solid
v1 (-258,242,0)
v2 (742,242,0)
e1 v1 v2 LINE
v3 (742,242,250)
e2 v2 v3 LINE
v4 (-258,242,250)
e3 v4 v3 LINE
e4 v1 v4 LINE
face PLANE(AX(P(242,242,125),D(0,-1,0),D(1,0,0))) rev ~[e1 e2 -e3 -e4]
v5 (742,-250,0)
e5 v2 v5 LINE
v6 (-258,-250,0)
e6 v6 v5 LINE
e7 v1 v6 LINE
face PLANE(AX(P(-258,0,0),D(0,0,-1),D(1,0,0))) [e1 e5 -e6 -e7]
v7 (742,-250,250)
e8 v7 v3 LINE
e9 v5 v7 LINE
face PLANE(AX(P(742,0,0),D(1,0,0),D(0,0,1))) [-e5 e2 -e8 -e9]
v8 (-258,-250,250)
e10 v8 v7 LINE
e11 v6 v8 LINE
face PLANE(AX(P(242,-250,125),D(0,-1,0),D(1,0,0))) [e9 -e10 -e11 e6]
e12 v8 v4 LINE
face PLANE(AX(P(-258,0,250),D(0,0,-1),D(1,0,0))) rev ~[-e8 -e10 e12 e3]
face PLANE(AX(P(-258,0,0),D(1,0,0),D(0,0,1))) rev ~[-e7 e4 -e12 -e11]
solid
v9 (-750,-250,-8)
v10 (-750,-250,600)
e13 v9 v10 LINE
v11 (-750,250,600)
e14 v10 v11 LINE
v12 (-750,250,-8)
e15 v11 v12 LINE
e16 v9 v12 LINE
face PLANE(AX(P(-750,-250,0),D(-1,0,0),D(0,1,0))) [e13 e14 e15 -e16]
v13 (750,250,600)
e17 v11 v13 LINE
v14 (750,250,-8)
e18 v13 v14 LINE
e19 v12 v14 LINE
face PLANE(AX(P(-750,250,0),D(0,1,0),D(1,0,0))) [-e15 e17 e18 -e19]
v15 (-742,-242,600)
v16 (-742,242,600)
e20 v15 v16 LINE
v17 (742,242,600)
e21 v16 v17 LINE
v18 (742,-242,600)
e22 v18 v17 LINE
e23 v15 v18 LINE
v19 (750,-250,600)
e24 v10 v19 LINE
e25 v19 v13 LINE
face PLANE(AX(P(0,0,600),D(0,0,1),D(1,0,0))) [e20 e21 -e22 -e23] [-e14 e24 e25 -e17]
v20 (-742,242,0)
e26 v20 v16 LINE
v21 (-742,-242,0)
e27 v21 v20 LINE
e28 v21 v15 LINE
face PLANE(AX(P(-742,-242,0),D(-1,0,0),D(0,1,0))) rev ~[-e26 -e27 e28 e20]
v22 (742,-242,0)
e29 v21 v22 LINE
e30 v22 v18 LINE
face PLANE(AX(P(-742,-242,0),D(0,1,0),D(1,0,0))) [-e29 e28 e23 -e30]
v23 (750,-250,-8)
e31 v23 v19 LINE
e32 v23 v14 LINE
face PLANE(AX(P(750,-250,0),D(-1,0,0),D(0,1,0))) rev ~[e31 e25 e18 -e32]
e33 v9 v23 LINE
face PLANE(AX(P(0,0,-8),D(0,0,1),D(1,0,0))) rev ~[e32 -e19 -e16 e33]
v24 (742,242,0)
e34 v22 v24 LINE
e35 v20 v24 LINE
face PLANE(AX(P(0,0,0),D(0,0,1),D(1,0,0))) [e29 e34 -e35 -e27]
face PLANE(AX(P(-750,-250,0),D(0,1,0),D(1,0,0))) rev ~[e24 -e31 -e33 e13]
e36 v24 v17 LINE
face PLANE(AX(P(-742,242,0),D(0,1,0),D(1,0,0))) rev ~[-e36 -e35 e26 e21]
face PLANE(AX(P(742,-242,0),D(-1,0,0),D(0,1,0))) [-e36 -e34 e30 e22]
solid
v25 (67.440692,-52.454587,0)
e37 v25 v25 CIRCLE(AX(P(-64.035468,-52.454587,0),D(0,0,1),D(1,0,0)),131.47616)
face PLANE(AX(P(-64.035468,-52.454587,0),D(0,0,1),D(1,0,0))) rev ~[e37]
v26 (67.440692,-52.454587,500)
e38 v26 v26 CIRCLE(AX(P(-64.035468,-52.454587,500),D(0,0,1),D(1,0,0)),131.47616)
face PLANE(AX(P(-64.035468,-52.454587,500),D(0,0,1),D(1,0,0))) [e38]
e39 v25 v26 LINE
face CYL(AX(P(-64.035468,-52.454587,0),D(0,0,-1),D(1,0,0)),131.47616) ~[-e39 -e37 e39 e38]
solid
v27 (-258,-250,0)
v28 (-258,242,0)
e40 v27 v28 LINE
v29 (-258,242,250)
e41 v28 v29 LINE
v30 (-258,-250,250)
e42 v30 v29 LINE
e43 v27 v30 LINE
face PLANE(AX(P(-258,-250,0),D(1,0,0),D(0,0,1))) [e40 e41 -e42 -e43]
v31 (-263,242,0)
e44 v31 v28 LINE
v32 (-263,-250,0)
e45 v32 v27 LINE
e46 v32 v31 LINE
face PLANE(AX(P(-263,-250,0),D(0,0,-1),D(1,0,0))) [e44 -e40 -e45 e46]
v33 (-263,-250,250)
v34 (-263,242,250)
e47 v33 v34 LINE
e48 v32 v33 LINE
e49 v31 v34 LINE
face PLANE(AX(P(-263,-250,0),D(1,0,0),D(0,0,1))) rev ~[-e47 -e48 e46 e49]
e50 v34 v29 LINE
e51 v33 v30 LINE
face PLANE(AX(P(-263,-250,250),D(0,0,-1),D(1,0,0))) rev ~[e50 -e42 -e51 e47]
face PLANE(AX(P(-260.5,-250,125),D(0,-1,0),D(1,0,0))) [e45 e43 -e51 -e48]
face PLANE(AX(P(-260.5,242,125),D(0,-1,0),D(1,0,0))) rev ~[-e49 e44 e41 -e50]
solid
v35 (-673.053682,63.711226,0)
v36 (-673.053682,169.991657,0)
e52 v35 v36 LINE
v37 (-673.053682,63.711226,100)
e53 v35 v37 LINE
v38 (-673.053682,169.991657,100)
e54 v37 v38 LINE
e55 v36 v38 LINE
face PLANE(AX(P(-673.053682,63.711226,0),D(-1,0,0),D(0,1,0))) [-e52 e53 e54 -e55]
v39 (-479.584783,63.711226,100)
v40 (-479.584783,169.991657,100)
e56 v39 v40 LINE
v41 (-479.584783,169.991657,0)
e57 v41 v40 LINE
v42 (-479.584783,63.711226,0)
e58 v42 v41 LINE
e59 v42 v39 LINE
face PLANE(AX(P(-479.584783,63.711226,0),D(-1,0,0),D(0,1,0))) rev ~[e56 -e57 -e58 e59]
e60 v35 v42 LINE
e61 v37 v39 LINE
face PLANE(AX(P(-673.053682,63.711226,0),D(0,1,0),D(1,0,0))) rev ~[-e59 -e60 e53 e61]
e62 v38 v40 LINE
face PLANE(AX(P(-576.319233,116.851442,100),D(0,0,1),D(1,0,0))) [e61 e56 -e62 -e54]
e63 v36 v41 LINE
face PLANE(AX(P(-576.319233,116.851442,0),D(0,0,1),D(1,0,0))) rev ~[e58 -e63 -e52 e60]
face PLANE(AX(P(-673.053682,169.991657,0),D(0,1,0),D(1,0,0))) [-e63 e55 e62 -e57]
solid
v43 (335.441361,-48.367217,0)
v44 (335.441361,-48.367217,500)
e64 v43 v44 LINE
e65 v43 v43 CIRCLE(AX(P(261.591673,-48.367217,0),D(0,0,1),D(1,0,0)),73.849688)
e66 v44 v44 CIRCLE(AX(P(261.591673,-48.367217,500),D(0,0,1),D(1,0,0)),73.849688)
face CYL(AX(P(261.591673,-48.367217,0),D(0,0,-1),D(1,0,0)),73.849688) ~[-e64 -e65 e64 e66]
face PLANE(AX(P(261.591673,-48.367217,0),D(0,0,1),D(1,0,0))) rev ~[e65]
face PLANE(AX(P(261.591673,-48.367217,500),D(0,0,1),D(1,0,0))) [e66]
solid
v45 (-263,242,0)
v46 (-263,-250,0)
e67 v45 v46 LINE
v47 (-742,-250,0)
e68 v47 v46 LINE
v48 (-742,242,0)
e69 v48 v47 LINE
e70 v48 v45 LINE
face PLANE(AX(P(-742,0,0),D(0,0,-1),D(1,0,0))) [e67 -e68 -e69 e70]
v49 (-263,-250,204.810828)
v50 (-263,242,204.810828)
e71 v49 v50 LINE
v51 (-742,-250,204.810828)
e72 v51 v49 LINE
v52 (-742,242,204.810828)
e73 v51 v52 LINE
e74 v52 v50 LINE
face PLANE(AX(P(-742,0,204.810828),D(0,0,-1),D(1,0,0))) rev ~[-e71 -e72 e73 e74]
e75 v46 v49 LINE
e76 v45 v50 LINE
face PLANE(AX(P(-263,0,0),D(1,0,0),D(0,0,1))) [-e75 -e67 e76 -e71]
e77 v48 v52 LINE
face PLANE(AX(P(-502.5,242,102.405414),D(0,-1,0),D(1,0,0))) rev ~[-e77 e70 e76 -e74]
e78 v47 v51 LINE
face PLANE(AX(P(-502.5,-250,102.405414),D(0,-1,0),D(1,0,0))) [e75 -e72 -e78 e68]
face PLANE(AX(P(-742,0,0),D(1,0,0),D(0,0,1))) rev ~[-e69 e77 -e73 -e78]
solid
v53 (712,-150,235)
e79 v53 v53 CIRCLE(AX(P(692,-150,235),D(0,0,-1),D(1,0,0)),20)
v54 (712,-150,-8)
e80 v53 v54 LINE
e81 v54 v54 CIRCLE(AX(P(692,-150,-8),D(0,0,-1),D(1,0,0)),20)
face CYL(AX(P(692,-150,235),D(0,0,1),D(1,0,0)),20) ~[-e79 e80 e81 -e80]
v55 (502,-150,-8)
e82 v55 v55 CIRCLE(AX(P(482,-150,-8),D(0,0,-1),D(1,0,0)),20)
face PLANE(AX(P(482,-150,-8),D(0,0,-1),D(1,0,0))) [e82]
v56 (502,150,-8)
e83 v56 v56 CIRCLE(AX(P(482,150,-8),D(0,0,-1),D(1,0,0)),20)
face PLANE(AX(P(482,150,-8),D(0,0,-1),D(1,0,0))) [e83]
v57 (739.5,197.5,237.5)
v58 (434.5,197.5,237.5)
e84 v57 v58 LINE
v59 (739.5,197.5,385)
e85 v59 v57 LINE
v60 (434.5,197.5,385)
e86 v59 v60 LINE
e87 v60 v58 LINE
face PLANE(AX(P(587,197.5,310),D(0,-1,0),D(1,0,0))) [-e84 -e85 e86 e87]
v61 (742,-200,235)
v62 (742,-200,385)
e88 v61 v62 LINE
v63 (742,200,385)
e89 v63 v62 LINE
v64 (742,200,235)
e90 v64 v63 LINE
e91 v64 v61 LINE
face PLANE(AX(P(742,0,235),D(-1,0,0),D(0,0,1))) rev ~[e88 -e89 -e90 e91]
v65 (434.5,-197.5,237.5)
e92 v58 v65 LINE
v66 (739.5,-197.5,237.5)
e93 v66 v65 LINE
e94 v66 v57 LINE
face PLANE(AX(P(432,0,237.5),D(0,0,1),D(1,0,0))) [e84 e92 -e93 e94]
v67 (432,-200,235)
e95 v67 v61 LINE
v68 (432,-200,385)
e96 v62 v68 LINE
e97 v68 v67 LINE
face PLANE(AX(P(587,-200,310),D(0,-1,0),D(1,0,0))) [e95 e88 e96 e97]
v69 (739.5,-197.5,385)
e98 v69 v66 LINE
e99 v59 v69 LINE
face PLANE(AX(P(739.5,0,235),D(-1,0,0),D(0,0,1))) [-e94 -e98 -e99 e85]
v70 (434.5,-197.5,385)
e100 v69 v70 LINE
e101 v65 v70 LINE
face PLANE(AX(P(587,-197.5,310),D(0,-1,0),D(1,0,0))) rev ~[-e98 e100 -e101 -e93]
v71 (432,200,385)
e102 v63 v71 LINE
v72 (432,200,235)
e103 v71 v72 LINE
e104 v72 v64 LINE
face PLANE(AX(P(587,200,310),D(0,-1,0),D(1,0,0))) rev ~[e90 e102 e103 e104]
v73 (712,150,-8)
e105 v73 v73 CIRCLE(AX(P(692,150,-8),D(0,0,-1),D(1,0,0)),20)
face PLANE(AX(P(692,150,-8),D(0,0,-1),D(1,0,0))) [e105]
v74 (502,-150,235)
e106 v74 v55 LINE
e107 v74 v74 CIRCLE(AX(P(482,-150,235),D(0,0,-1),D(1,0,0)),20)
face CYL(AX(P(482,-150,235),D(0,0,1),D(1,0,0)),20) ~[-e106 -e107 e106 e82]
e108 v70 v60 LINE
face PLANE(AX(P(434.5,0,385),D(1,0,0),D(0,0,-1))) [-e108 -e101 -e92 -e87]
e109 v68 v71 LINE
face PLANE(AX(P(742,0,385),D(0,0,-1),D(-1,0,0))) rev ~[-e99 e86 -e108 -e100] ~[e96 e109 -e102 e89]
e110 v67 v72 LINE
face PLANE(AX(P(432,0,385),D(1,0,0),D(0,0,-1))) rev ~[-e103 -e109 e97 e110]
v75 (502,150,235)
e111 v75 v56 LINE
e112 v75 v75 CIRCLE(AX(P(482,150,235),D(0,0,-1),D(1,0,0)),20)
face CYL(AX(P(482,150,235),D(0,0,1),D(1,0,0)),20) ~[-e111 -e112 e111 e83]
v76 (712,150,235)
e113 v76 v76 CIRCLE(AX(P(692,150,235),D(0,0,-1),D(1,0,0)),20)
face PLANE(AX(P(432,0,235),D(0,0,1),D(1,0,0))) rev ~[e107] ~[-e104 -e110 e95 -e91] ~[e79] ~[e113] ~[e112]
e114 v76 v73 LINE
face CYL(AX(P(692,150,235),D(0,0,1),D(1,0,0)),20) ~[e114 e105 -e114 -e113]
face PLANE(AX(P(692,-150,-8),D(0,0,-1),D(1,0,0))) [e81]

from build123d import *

# Parameters (mm, degrees)
F0_W           = 1500
F0_H           = 500
F0_W_2         = 1484
F0_H_2         = 484
F1_DEPTH       = 8
F2_DEPTH       = 600
F4_W           = 5
F4_H           = 250
F5_DEPTH       = 492
F7_DEPTH       = 200
F7_DEPTH_BACK  = 200
F8_T           = -2.5
F9_R           = 131.4761602714
F10_DEPTH      = 500
F9_R_2         = 73.8496876532
F11_W          = 193.4688985348
F11_H          = 106.2804311514
F12_DEPTH      = 100
F13_R          = 20
F14_DEPTH      = 243
F15_W          = 1000
F15_H          = 250
F16_DEPTH      = 250
F16_DEPTH_BACK = 242
F15_W_2        = 479
F15_H_2        = 204.8108279705


with BuildPart() as f1:
    # F0 (on Top) → F1 (new body)
    with BuildSketch(Plane.XY):
        Rectangle(F0_W, F0_H)
        Rectangle(F0_W_2, F0_H_2, mode=Mode.SUBTRACT)
        Rectangle(F0_W_2, F0_H_2)
    extrude(amount=-F1_DEPTH)


with BuildPart() as f2:
    # F0 (on Top) → F2 (new body)
    with BuildSketch(Plane.XY):
        Rectangle(F0_W, F0_H)
        Rectangle(F0_W_2, F0_H_2, mode=Mode.SUBTRACT)
    extrude(amount=F2_DEPTH)


with BuildPart() as f1_1:
    add(f1.part)

    # F3: union F2
    add(f2.part)


with BuildPart() as f5:
    # F4 (on face) → F5 (new body, through all)
    with BuildSketch(Plane.XZ.offset(250)):
        with Locations((-260.5, 125)):
            Rectangle(F4_W, F4_H)
    extrude(amount=-F5_DEPTH)


with BuildPart() as f7:
    # F6 (on Front) → F7 (new body, two sides)
    with BuildSketch(Plane.XZ) as f7_sk:
        Polygon((432, 235), (472, 235), (702, 235), (742, 235), (742, 385), (432, 385), align=None)
    extrude(amount=-F7_DEPTH)
    extrude(f7_sk.sketch, amount=F7_DEPTH_BACK)

    # F8
    f8_openings = [f7.faces().sort_by_distance(p)[0] for p in [
        (587, 0, 385),
    ]]
    offset(amount=F8_T, openings=f8_openings)

    # F13 (on face) → F14 (join, through all)
    with BuildSketch(Plane(origin=(0, 0, 235), x_dir=(1, 0, 0), z_dir=(0, 0, -1))):
        with Locations((482, 150)):
            Circle(F13_R)
        with Locations((692, 150)):
            Circle(F13_R)
        with Locations((692, -150)):
            Circle(F13_R)
        with Locations((482, -150)):
            Circle(F13_R)
    extrude(amount=F14_DEPTH)


with BuildPart() as f10:
    # F9 (on face) → F10 (new body)
    with BuildSketch(Plane.XY):
        with Locations((-64.0354678035, -52.4545870721)):
            Circle(F9_R)
    extrude(amount=F10_DEPTH)


with BuildPart() as f10b:
    # F9 (on face) → F10, piece 2 (new body)
    with BuildSketch(Plane.XY):
        with Locations((261.5916728973, -48.3672171831)):
            Circle(F9_R_2)
    extrude(amount=F10_DEPTH)


with BuildPart() as f12:
    # F11 (on face) → F12 (new body)
    with BuildSketch(Plane.XY):
        with Locations((-576.319232583, 116.8514415622)):
            Rectangle(F11_W, F11_H)
    extrude(amount=F12_DEPTH)


with BuildPart() as f16:
    # F15 (on Front) → F16 (new body, two sides)
    with BuildSketch(Plane.XZ) as f16_sk:
        with Locations((242, 125)):
            Rectangle(F15_W, F15_H)
    extrude(amount=F16_DEPTH)
    extrude(f16_sk.sketch, amount=-F16_DEPTH_BACK)


with BuildPart() as f16b:
    # F15 (on Front) → F16, piece 2 (new body, two sides)
    with BuildSketch(Plane.XZ) as f16_2_sk:
        with Locations((-502.5, 102.4054139853)):
            Rectangle(F15_W_2, F15_H_2)
    extrude(amount=F16_DEPTH)
    extrude(f16_2_sk.sketch, amount=-F16_DEPTH_BACK)


solid = Compound([f1_1.part, f5.part, f7.part, f10.part, f10b.part, f12.part, f16.part, f16b.part])
